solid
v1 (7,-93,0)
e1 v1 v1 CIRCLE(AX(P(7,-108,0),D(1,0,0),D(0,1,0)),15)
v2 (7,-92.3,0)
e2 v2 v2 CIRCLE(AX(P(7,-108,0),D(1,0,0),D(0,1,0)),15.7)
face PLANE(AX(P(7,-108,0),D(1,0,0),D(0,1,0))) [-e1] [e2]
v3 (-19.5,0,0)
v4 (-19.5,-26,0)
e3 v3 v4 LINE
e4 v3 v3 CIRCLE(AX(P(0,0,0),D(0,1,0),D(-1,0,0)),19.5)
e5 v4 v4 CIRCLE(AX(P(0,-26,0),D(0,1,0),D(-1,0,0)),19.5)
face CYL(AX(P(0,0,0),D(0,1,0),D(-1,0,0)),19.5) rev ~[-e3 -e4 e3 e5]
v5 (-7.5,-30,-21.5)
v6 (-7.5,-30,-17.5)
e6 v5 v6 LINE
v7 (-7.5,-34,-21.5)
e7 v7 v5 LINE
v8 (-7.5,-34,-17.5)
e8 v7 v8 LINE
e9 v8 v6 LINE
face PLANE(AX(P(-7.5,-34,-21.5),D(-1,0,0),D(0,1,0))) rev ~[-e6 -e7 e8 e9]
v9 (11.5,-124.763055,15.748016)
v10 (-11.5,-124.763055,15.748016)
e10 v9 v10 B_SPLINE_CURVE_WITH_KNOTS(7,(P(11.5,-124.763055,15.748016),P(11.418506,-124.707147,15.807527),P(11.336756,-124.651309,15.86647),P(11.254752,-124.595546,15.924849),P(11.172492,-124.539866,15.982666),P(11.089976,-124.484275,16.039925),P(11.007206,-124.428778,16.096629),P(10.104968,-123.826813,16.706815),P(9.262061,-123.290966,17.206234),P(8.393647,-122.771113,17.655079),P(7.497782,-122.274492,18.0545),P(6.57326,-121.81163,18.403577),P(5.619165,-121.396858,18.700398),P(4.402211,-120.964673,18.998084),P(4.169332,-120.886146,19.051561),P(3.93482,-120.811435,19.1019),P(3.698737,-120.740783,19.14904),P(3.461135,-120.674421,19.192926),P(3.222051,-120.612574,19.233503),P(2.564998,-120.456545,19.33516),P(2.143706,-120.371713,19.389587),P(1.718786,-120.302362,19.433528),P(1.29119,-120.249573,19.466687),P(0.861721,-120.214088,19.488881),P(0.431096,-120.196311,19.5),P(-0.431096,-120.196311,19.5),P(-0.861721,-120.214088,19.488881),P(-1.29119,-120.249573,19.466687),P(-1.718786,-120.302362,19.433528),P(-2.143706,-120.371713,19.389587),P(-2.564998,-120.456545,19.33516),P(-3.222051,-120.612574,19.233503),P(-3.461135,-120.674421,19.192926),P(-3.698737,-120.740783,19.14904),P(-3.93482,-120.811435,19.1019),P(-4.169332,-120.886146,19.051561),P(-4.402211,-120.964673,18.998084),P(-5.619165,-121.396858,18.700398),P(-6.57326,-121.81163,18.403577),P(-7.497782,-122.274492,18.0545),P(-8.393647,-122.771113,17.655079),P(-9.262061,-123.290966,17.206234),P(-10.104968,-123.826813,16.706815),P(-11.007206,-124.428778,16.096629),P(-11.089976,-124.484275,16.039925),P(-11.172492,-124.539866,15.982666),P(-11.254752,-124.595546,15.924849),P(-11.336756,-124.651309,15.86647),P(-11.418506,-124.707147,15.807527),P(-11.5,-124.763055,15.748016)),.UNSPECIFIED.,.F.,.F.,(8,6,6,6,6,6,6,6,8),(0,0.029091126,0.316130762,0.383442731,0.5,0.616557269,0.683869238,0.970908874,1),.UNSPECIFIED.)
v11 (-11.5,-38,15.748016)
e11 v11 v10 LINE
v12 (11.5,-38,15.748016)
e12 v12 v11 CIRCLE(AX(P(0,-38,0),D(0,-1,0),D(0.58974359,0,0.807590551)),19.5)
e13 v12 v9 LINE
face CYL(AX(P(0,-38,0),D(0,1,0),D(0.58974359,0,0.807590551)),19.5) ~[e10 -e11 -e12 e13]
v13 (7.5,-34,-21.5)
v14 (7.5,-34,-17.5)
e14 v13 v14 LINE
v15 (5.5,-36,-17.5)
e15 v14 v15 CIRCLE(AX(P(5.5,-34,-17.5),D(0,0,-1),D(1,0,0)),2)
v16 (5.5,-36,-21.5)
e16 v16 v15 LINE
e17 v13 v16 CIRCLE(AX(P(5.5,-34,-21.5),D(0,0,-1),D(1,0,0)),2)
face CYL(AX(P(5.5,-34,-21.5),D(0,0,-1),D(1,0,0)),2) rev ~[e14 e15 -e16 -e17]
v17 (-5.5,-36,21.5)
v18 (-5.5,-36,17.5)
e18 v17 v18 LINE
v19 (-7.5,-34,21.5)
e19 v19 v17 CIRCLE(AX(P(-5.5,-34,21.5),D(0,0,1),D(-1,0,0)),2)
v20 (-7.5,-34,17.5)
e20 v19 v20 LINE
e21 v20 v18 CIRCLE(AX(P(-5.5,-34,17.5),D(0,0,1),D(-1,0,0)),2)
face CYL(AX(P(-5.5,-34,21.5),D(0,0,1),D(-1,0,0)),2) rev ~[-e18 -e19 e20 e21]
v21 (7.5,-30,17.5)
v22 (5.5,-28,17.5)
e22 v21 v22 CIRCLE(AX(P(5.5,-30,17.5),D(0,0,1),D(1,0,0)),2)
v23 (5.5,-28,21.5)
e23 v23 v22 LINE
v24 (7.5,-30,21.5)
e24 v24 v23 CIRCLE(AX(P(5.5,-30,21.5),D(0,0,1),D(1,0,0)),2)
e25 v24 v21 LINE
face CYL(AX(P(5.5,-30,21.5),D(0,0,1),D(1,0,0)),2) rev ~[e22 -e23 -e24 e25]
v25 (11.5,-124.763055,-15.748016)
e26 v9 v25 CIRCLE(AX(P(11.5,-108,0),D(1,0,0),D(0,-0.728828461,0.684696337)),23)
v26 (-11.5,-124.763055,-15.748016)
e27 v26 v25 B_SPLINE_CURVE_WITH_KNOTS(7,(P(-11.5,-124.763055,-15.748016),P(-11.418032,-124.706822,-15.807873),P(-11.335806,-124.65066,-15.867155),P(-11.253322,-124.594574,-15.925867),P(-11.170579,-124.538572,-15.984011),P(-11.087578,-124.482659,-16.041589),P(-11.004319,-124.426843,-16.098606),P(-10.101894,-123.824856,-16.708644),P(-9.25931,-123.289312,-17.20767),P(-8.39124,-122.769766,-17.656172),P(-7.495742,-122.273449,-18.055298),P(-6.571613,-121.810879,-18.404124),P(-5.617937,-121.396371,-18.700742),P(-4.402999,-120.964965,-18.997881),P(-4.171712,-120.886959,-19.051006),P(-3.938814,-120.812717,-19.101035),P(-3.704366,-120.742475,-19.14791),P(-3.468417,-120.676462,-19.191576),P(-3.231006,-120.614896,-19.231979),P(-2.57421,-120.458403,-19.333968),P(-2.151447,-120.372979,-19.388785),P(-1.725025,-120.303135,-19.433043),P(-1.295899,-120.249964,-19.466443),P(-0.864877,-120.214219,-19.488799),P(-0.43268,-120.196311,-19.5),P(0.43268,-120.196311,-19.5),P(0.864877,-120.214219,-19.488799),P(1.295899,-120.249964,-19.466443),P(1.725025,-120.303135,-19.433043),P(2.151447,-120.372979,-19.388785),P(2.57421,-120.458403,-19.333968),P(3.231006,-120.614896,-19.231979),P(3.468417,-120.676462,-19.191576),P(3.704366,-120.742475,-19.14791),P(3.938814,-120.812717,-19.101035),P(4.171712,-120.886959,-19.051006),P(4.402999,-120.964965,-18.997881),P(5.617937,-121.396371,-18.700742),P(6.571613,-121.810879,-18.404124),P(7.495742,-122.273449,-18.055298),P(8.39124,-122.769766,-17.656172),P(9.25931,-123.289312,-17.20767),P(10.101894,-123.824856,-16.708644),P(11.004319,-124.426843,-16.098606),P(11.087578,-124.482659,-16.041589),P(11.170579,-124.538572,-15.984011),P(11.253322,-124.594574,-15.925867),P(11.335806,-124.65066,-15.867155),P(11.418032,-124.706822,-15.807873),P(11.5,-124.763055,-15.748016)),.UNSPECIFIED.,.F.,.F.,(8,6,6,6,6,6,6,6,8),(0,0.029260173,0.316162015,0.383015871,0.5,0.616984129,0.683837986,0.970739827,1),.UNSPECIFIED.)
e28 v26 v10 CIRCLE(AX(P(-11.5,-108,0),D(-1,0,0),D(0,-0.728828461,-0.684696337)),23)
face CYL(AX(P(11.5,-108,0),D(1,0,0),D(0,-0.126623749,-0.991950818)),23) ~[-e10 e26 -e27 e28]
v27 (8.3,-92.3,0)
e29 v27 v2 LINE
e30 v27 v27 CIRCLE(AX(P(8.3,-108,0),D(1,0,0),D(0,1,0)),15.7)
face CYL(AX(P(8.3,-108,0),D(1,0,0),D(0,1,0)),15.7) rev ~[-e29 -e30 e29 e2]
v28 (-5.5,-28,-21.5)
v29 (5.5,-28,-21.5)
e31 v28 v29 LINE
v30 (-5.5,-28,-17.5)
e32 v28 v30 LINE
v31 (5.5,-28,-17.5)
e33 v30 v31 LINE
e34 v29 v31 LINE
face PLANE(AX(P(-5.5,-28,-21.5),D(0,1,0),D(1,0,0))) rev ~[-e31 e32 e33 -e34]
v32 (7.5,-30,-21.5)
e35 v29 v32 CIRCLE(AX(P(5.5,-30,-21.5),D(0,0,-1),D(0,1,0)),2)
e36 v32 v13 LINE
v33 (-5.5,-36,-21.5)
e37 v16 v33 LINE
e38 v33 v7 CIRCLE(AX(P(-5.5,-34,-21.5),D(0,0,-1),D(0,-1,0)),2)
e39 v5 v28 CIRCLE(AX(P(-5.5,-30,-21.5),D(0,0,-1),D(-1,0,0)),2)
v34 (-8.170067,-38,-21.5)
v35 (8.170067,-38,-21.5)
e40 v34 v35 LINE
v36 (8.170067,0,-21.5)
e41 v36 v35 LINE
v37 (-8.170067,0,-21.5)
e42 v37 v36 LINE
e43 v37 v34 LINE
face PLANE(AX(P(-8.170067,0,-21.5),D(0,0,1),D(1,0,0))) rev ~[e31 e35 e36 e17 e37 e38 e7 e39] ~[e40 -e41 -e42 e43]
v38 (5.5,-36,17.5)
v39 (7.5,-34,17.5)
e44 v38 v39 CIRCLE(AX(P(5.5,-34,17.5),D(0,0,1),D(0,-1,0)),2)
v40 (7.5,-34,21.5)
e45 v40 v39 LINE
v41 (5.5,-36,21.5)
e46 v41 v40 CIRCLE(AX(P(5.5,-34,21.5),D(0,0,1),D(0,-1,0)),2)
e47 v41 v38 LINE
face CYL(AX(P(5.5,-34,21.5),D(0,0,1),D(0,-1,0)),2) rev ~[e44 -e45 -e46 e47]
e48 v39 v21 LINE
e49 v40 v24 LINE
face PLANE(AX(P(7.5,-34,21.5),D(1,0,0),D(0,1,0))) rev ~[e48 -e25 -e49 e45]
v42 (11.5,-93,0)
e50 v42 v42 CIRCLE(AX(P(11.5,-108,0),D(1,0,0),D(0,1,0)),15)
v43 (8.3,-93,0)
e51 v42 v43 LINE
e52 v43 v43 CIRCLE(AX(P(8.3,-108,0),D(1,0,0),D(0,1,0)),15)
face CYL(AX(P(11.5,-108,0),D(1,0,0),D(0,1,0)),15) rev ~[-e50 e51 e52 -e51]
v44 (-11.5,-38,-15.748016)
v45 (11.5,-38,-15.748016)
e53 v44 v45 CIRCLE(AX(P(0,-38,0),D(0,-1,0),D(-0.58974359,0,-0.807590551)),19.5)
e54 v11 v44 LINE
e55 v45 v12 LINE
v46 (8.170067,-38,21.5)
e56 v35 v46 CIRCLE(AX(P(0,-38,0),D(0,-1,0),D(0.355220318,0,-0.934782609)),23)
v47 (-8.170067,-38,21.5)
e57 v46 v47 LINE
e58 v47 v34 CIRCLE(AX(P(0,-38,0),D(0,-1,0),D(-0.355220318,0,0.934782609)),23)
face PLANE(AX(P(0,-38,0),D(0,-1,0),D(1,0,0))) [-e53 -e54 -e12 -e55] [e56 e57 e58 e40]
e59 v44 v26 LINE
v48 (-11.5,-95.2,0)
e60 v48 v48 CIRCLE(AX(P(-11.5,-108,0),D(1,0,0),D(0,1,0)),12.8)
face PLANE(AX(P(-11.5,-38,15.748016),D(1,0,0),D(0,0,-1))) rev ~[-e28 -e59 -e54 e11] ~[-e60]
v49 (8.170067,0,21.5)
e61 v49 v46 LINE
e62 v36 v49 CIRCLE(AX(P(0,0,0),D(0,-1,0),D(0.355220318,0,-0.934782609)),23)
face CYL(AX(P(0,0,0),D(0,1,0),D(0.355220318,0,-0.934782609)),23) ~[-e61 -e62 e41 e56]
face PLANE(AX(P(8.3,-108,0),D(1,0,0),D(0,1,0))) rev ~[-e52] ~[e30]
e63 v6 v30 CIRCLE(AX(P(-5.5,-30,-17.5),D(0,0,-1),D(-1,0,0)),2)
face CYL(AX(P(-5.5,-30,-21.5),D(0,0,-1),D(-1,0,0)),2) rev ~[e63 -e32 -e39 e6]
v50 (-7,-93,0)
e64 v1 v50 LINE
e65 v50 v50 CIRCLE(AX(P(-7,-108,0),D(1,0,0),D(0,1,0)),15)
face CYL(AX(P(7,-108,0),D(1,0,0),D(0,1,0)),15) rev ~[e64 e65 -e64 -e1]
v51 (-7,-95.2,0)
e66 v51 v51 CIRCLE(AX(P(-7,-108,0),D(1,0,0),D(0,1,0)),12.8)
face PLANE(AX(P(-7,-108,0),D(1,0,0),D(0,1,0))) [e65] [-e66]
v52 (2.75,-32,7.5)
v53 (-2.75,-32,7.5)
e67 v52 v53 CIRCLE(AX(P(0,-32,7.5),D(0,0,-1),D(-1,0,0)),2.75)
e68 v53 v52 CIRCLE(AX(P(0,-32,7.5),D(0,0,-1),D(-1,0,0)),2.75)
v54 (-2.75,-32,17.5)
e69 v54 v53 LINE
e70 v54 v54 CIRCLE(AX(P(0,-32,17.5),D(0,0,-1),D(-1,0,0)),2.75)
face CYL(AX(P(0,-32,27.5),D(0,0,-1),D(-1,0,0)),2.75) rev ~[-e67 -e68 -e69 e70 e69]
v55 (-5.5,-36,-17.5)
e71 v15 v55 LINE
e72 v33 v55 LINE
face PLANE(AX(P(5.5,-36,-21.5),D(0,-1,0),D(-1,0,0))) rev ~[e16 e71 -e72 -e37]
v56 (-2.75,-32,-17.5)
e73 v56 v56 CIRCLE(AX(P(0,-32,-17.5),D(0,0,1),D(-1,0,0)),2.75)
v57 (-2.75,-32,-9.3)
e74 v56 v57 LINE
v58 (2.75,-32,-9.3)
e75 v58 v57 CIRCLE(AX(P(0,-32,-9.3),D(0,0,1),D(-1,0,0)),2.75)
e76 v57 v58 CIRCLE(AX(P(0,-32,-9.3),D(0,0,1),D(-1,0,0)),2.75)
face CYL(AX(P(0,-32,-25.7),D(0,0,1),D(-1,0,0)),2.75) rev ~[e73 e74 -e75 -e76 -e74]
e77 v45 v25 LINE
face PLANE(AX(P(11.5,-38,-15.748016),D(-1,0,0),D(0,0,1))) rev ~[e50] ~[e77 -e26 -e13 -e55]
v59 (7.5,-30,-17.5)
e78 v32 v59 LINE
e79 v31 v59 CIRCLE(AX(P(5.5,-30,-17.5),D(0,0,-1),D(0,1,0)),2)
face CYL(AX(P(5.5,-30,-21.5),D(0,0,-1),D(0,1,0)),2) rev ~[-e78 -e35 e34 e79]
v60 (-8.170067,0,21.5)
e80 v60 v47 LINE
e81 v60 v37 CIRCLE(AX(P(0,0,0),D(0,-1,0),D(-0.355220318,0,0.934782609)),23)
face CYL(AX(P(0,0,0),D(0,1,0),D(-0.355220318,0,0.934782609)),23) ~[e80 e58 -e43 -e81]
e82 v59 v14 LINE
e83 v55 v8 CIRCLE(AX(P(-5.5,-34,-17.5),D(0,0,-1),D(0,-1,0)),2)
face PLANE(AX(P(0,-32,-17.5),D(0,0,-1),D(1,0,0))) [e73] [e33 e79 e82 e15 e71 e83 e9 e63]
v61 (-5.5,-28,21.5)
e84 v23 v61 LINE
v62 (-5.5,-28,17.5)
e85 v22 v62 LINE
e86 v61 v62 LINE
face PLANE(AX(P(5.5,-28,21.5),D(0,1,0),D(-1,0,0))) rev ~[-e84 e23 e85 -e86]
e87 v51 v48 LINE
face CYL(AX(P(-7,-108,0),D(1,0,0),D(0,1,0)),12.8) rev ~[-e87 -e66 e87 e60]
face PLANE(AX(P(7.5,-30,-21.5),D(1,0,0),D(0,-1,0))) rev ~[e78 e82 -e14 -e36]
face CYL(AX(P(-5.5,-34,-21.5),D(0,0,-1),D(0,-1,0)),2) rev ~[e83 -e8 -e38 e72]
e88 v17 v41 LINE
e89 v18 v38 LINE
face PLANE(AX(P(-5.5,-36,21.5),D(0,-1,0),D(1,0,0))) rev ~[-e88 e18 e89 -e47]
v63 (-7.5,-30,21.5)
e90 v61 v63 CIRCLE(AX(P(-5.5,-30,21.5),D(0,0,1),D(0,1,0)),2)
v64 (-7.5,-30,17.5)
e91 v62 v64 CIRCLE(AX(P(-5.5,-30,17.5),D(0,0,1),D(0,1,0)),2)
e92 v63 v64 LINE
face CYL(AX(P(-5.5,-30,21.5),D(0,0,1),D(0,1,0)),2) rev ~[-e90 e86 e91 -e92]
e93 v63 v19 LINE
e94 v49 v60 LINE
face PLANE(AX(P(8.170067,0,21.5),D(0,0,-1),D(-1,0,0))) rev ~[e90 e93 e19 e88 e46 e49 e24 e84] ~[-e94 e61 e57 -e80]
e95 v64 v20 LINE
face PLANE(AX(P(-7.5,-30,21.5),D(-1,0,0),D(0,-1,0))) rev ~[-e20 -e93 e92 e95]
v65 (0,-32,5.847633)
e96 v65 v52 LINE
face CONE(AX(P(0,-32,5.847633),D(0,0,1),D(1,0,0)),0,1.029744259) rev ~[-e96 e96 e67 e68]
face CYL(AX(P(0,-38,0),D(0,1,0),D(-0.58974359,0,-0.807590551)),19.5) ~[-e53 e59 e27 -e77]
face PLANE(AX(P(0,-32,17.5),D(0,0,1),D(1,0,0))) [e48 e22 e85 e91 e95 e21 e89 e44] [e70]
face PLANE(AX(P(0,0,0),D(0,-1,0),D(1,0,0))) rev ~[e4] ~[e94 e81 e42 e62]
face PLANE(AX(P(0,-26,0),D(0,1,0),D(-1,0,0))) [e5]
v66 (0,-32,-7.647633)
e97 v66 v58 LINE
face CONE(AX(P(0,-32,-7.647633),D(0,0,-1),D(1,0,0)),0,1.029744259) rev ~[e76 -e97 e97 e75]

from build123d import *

# Parameters (mm, degrees)
F1_DEPTH  = 38
F3_DEPTH  = 93
F5_DEPTH  = 34.501
F6_R      = 19.5
F7_DEPTH  = 26
F8_R      = 15
F9_DEPTH  = 3.2
F10_R     = 15.7
F11_DEPTH = 1.3
F12_R     = 15
F13_DEPTH = 14
F14_R     = 12.8
F15_DEPTH = 16.001
F17_DEPTH = 4
F19_D     = 5.5
F19_DEPTH = 10
F19_TIP   = 1.6523667023
F21_DEPTH = 4
F23_D     = 5.5
F23_DEPTH = 8.2
F23_TIP   = 1.6523667023


with BuildPart() as f1:
    # F0 (on Front) → F1 (new body)
    with BuildSketch(Plane.XZ):
        with BuildLine():
            Line((8.1700673192, 21.5), (-8.1700673192, 21.5))
            ThreePointArc((-8.1700673192, 21.5), (-23, 0), (-8.1700673192, -21.5))
            Line((-8.1700673192, -21.5), (8.1700673192, -21.5))
            ThreePointArc((8.1700673192, -21.5), (23, 0), (8.1700673192, 21.5))
        make_face()
    extrude(amount=F1_DEPTH)

    # F2 (on face) → F3 (join)
    with BuildSketch(Plane.XZ.offset(38)):
        with BuildLine():
            Line((-11.5, 15.748015748), (-11.5, -15.748015748))
            ThreePointArc((-11.5, -15.748015748), (0, -19.5), (11.5, -15.748015748))
            Line((11.5, -15.748015748), (11.5, 15.748015748))
            ThreePointArc((11.5, 15.748015748), (0, 19.5), (-11.5, 15.748015748))
        make_face()
    extrude(amount=F3_DEPTH)

    # F4 (on face) → F5 (cut, through all)
    with BuildSketch(Plane.YZ.offset(11.5)):
        with BuildLine():
            Line((-108.4063023692, 22.9964109892), (-107.5936976308, 22.9964109892))
            ThreePointArc((-107.5936976308, 22.9964109892), (-108, 23), (-108.4063023692, 22.9964109892))
        make_face()
        with BuildLine():
            ThreePointArc((-110.9123462287, -22.8148688237), (-130.9656634273, 1.256305435), (-108.4063023692, 22.9964109892))
            Line((-108.4063023692, 22.9964109892), (-137.5913057301, 22.9964109892))
            Line((-137.5913057301, 22.9964109892), (-137.5913057301, -22.410525009))
            Line((-137.5913057301, -22.410525009), (-110.9123462287, -22.8148688237))
        make_face()
    extrude(amount=-F5_DEPTH, mode=Mode.SUBTRACT)

    # F6 (on face) → F7 (cut)
    with BuildSketch(Plane(origin=(0, 0, 0), x_dir=(-1, 0, 0), z_dir=(0, 1, 0))):
        Circle(F6_R)
    extrude(amount=-F7_DEPTH, mode=Mode.SUBTRACT)

    # F8 (on face) → F9 (cut)
    with BuildSketch(Plane.YZ.offset(11.5)):
        with Locations((-108, 0)):
            Circle(F8_R)
    extrude(amount=-F9_DEPTH, mode=Mode.SUBTRACT)

    # F10 (on face) → F11 (cut)
    with BuildSketch(Plane.YZ.offset(8.3)):
        with Locations((-108, 0)):
            Circle(F10_R)
    extrude(amount=-F11_DEPTH, mode=Mode.SUBTRACT)

    # F12 (on face) → F13 (cut)
    with BuildSketch(Plane.YZ.offset(7)):
        with Locations((-108, 0)):
            Circle(F12_R)
    extrude(amount=-F13_DEPTH, mode=Mode.SUBTRACT)

    # F14 (on face) → F15 (cut, through all)
    with BuildSketch(Plane.YZ.offset(-7)):
        with Locations((-108, 0)):
            Circle(F14_R)
    extrude(amount=-F15_DEPTH, mode=Mode.SUBTRACT)

    # F16 (on face) → F17 (cut)
    with BuildSketch(Plane.XY.offset(21.5)):
        with BuildLine():
            Line((5.5, -28), (-5.5, -28))
            ThreePointArc((-5.5, -28), (-6.9142135624, -28.5857864376), (-7.5, -30))
            Line((-7.5, -30), (-7.5, -34))
            ThreePointArc((-7.5, -34), (-6.9142135624, -35.4142135624), (-5.5, -36))
            Line((-5.5, -36), (5.5, -36))
            ThreePointArc((5.5, -36), (6.9142135624, -35.4142135624), (7.5, -34))
            Line((7.5, -34), (7.5, -30))
            ThreePointArc((7.5, -30), (6.9142135624, -28.5857864376), (5.5, -28))
        make_face()
    extrude(amount=-F17_DEPTH, mode=Mode.SUBTRACT)

    # F19
    with Locations(Plane.XY.offset(17.5)):
        with Locations((0, -32)):
            Hole(F19_D / 2, depth=F19_DEPTH)
            with Locations((0, 0, -(F19_DEPTH + F19_TIP / 2))):  # 118° drill point
                Cone(0, F19_D / 2, F19_TIP, mode=Mode.SUBTRACT)

    # F20 (on face) → F21 (cut)
    with BuildSketch(Plane(origin=(0, 0, -21.5), x_dir=(1, 0, 0), z_dir=(0, 0, -1))):
        with BuildLine():
            Line((5.5, 36), (-5.5, 36))
            ThreePointArc((-5.5, 36), (-6.9142135624, 35.4142135624), (-7.5, 34))
            Line((-7.5, 34), (-7.5, 30))
            ThreePointArc((-7.5, 30), (-6.9142135624, 28.5857864376), (-5.5, 28))
            Line((-5.5, 28), (5.5, 28))
            ThreePointArc((5.5, 28), (6.9142135624, 28.5857864376), (7.5, 30))
            Line((7.5, 30), (7.5, 34))
            ThreePointArc((7.5, 34), (6.9142135624, 35.4142135624), (5.5, 36))
        make_face()
    extrude(amount=-F21_DEPTH, mode=Mode.SUBTRACT)

    # F23
    with Locations(Plane(origin=(0, 0, -17.5), x_dir=(1, 0, 0), z_dir=(0, 0, -1))):
        with Locations((0, 32)):
            Hole(F23_D / 2, depth=F23_DEPTH)
            with Locations((0, 0, -(F23_DEPTH + F23_TIP / 2))):  # 118° drill point
                Cone(0, F23_D / 2, F23_TIP, mode=Mode.SUBTRACT)


solid = f1.part
